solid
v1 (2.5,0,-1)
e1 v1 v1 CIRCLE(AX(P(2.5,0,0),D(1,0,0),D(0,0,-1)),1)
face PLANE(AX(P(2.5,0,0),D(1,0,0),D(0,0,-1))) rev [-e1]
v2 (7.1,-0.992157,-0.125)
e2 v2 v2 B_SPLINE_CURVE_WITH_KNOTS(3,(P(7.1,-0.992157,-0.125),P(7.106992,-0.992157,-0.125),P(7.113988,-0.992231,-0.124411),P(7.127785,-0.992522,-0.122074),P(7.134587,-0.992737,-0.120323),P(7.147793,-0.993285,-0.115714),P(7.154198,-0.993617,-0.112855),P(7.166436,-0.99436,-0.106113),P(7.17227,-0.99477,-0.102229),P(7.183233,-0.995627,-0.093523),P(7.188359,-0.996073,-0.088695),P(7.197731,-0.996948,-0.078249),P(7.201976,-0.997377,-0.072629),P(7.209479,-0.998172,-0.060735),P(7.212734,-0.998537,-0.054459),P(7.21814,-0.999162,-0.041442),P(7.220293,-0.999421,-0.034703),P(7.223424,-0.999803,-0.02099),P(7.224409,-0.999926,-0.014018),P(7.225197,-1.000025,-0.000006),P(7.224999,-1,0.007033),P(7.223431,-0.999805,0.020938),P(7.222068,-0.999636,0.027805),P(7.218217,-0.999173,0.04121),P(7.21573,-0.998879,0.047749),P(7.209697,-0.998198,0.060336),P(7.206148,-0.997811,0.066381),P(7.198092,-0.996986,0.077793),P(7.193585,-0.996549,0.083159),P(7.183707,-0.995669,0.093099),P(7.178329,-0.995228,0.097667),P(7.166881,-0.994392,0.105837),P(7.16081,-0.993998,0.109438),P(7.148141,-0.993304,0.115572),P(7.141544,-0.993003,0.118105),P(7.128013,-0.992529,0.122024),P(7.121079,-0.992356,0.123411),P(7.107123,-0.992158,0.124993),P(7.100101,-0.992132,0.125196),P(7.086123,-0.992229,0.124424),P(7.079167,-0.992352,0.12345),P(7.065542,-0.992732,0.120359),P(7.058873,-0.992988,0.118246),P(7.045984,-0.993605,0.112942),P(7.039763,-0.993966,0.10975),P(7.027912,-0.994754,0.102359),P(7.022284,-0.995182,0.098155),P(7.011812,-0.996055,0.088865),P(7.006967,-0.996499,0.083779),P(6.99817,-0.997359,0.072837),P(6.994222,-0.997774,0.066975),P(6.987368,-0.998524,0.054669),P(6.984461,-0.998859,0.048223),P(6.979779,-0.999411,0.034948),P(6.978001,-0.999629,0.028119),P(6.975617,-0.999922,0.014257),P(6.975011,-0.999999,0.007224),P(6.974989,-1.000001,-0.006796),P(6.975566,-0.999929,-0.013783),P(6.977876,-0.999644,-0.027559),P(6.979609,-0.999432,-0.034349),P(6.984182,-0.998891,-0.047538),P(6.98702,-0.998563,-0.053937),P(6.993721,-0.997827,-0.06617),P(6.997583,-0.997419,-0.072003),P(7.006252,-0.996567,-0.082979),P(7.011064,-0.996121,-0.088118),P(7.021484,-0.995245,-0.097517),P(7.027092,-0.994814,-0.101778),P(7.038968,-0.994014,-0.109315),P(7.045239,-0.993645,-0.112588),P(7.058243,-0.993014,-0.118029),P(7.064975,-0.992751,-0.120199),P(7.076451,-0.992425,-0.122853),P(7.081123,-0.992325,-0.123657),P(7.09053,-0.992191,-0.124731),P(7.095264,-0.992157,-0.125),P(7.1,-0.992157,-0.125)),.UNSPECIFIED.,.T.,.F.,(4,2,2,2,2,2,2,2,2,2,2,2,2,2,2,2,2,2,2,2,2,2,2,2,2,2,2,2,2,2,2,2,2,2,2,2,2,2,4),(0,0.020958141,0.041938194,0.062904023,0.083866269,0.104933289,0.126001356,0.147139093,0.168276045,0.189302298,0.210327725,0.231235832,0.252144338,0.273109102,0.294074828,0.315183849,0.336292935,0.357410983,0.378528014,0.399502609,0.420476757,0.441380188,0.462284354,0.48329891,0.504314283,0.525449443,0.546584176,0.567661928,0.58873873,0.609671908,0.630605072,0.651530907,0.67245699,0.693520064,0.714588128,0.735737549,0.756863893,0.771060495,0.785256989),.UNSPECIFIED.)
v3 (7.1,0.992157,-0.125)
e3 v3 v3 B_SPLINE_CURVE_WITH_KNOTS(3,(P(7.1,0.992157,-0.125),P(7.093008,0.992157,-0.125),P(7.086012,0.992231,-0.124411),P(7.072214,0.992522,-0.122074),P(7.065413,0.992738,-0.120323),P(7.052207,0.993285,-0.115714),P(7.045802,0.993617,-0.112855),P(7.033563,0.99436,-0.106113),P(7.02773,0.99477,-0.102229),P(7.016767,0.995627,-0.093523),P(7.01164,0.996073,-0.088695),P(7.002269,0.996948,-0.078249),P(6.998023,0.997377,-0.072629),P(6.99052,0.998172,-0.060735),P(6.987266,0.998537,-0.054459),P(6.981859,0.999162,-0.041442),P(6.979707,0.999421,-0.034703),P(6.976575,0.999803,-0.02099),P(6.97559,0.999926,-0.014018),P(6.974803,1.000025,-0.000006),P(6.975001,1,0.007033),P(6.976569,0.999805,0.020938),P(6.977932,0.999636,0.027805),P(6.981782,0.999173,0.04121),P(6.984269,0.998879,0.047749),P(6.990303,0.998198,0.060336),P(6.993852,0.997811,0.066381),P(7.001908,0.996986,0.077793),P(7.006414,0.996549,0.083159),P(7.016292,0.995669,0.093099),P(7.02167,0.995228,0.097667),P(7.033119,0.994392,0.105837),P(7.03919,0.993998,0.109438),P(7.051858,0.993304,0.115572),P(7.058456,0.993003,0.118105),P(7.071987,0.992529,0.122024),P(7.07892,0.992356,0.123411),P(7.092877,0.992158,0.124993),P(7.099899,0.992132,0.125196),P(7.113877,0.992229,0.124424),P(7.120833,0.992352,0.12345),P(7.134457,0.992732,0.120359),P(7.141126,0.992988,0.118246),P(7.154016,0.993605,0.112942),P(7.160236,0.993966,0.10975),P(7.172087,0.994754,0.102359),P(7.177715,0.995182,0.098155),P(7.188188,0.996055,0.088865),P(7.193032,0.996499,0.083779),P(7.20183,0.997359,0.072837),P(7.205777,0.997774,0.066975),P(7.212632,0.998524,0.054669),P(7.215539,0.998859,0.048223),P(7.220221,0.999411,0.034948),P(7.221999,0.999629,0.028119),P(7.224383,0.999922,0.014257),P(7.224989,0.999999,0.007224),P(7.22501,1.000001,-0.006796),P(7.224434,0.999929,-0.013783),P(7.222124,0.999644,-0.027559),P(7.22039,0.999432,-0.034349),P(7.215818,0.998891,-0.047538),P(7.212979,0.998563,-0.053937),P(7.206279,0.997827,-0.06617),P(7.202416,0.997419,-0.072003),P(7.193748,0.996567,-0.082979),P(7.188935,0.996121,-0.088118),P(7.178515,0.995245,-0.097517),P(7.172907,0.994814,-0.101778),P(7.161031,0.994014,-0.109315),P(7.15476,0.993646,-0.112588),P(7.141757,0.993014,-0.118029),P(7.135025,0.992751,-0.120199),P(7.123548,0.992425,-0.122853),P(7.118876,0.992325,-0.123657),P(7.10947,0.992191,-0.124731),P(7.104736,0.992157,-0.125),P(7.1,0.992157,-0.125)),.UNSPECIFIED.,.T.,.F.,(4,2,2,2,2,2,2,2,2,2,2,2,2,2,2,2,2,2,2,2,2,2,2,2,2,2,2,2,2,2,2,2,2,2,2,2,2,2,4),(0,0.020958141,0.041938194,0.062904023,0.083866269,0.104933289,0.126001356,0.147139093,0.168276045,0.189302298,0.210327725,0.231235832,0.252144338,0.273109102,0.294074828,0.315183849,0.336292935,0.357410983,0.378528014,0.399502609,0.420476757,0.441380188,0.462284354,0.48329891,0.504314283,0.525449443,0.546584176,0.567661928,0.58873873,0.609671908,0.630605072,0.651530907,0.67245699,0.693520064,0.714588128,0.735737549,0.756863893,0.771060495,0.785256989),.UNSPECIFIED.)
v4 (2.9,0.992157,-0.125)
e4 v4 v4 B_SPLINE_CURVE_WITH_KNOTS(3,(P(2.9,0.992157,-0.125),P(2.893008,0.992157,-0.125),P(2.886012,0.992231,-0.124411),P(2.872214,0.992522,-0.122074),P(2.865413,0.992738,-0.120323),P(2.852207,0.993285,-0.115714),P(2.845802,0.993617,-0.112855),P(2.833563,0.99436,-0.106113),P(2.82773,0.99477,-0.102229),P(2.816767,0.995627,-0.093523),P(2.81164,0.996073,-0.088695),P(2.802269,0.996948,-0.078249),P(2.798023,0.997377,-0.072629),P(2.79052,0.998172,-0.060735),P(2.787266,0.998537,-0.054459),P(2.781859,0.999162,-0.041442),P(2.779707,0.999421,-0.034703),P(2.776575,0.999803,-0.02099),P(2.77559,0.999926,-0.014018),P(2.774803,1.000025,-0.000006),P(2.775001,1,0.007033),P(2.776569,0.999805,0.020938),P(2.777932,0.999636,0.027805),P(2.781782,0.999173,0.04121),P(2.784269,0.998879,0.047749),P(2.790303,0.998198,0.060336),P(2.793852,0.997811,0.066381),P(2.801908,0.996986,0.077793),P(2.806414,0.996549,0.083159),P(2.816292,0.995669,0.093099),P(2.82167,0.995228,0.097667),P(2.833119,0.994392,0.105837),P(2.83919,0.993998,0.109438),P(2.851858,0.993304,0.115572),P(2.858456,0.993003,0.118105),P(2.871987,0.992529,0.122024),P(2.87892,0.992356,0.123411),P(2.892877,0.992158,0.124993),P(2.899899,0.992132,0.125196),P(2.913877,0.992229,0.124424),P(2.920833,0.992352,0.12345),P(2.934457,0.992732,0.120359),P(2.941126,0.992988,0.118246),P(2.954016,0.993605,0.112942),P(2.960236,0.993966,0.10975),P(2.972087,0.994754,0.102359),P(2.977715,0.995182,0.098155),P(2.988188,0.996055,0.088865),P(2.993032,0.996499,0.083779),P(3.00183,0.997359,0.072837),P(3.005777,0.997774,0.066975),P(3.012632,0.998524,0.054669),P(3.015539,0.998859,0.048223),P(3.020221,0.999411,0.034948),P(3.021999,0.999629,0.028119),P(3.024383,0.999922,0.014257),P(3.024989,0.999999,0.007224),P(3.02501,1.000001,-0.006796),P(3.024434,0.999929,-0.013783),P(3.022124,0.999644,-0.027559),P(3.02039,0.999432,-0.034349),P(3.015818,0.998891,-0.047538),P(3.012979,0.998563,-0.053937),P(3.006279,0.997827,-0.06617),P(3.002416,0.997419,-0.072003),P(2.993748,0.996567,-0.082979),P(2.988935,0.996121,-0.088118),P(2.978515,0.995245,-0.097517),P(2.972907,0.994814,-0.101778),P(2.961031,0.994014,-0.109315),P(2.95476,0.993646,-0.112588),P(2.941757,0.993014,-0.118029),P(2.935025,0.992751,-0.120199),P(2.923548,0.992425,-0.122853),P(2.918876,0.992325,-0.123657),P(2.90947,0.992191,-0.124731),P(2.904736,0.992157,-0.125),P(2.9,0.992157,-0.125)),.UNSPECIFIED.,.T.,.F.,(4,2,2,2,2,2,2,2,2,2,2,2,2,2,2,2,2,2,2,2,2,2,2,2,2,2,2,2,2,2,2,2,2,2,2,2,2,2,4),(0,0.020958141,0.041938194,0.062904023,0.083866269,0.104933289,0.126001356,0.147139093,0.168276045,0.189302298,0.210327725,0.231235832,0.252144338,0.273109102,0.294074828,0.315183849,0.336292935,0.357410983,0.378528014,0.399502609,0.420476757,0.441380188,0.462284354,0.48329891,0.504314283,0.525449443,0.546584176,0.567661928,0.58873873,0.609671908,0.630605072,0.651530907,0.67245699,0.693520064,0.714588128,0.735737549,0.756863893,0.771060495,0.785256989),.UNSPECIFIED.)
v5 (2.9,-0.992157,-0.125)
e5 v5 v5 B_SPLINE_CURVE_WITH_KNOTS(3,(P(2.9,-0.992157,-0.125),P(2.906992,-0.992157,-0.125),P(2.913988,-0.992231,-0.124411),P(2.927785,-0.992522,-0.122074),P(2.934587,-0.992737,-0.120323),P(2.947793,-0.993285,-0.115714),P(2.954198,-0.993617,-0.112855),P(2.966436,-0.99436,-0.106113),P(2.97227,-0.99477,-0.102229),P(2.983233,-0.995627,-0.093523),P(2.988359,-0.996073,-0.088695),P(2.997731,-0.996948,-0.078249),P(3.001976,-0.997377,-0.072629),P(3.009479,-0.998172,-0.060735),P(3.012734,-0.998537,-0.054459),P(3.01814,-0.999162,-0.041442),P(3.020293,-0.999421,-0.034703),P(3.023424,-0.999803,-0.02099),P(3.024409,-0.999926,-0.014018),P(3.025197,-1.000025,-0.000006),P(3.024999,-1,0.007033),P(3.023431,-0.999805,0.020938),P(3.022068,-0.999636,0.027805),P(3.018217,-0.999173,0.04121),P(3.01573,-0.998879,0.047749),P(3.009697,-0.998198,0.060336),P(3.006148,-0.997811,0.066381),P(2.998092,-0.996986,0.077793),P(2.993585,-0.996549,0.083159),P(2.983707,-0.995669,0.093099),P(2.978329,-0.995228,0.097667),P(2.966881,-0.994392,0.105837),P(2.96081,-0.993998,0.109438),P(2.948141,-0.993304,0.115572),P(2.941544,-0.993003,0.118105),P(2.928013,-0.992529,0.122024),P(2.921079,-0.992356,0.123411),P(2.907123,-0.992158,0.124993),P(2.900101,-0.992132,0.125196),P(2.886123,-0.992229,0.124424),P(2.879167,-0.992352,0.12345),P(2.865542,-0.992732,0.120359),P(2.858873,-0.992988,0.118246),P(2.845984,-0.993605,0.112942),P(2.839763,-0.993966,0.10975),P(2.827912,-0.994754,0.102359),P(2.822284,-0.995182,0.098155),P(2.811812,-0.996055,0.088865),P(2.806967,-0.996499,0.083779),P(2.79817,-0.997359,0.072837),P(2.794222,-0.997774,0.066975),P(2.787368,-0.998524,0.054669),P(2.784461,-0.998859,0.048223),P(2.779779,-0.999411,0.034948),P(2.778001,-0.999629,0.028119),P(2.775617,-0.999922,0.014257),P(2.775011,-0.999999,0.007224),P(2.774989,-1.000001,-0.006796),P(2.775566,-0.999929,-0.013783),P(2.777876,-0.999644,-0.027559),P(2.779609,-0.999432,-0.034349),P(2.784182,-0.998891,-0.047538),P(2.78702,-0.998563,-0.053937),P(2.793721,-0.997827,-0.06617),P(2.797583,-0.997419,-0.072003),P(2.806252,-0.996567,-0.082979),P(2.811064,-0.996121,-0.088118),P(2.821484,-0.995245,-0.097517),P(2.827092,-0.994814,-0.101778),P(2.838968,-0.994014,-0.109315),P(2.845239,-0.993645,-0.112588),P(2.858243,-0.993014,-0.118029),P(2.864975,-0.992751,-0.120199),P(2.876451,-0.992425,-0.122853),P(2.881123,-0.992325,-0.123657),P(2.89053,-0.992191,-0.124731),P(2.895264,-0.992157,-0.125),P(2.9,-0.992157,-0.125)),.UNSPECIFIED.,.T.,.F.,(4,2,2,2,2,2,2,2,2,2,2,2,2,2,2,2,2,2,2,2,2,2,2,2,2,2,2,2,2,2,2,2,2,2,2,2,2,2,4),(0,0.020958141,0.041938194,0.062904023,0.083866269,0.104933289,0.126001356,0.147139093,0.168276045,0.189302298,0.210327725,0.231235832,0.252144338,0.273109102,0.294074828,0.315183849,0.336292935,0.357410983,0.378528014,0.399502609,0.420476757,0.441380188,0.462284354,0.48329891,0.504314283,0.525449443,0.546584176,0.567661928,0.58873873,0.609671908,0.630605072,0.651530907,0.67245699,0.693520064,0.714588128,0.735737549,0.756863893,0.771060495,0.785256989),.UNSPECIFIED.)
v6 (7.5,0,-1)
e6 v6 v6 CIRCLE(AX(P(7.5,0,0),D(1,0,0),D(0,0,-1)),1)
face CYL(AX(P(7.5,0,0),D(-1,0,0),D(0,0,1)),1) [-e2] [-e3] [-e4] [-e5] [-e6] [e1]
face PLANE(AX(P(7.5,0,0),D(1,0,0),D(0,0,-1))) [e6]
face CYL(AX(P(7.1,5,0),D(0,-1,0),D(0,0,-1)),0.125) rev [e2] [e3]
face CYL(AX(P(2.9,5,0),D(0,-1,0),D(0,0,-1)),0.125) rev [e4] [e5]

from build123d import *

# Parameters (mm, degrees)
IZIM1_R                     = 2
Y_KSEKLIK_EKSTR_ZYON1_DEPTH = 10
KES_EKSTR_ZYON1_DEPTH       = 10
KES_EKSTR_ZYON1_DEPTH_BACK  = 10
IZIM2_R                     = 0.25
L_EK1_SCALE                 = 0.5


with BuildPart() as part:
    # Çizim1 → Yükseklik-Ekstrüzyon1 (new body)
    with BuildSketch(Plane(origin=(0, 0, 0), x_dir=(0, 0, -1), z_dir=(1, 0, 0))):
        Circle(IZIM1_R)
    extrude(amount=Y_KSEKLIK_EKSTR_ZYON1_DEPTH)

    # Çizim2 → Kes-Ekstrüzyon1 (cut, two sides: drawn at the far end of the back side and taken through both)
    with BuildSketch(Plane(origin=(0, 0, 0), x_dir=(1, 0, 0), z_dir=(0, 1, 0)).offset(-KES_EKSTR_ZYON1_DEPTH_BACK)):
        with Locations((0.8, 0)):
            Circle(IZIM2_R)
        with Locations((9.2, 0)):
            Circle(IZIM2_R)
    extrude(amount=KES_EKSTR_ZYON1_DEPTH + KES_EKSTR_ZYON1_DEPTH_BACK, mode=Mode.SUBTRACT)


with BuildPart() as part_1:
    # Ölçek1: scaled about (4.999999983, 0, 4.1e-08)
    add(part.part.scale(L_EK1_SCALE).moved(Location((2.499999992, 0, 2.1e-08))))


solid = part_1.part
